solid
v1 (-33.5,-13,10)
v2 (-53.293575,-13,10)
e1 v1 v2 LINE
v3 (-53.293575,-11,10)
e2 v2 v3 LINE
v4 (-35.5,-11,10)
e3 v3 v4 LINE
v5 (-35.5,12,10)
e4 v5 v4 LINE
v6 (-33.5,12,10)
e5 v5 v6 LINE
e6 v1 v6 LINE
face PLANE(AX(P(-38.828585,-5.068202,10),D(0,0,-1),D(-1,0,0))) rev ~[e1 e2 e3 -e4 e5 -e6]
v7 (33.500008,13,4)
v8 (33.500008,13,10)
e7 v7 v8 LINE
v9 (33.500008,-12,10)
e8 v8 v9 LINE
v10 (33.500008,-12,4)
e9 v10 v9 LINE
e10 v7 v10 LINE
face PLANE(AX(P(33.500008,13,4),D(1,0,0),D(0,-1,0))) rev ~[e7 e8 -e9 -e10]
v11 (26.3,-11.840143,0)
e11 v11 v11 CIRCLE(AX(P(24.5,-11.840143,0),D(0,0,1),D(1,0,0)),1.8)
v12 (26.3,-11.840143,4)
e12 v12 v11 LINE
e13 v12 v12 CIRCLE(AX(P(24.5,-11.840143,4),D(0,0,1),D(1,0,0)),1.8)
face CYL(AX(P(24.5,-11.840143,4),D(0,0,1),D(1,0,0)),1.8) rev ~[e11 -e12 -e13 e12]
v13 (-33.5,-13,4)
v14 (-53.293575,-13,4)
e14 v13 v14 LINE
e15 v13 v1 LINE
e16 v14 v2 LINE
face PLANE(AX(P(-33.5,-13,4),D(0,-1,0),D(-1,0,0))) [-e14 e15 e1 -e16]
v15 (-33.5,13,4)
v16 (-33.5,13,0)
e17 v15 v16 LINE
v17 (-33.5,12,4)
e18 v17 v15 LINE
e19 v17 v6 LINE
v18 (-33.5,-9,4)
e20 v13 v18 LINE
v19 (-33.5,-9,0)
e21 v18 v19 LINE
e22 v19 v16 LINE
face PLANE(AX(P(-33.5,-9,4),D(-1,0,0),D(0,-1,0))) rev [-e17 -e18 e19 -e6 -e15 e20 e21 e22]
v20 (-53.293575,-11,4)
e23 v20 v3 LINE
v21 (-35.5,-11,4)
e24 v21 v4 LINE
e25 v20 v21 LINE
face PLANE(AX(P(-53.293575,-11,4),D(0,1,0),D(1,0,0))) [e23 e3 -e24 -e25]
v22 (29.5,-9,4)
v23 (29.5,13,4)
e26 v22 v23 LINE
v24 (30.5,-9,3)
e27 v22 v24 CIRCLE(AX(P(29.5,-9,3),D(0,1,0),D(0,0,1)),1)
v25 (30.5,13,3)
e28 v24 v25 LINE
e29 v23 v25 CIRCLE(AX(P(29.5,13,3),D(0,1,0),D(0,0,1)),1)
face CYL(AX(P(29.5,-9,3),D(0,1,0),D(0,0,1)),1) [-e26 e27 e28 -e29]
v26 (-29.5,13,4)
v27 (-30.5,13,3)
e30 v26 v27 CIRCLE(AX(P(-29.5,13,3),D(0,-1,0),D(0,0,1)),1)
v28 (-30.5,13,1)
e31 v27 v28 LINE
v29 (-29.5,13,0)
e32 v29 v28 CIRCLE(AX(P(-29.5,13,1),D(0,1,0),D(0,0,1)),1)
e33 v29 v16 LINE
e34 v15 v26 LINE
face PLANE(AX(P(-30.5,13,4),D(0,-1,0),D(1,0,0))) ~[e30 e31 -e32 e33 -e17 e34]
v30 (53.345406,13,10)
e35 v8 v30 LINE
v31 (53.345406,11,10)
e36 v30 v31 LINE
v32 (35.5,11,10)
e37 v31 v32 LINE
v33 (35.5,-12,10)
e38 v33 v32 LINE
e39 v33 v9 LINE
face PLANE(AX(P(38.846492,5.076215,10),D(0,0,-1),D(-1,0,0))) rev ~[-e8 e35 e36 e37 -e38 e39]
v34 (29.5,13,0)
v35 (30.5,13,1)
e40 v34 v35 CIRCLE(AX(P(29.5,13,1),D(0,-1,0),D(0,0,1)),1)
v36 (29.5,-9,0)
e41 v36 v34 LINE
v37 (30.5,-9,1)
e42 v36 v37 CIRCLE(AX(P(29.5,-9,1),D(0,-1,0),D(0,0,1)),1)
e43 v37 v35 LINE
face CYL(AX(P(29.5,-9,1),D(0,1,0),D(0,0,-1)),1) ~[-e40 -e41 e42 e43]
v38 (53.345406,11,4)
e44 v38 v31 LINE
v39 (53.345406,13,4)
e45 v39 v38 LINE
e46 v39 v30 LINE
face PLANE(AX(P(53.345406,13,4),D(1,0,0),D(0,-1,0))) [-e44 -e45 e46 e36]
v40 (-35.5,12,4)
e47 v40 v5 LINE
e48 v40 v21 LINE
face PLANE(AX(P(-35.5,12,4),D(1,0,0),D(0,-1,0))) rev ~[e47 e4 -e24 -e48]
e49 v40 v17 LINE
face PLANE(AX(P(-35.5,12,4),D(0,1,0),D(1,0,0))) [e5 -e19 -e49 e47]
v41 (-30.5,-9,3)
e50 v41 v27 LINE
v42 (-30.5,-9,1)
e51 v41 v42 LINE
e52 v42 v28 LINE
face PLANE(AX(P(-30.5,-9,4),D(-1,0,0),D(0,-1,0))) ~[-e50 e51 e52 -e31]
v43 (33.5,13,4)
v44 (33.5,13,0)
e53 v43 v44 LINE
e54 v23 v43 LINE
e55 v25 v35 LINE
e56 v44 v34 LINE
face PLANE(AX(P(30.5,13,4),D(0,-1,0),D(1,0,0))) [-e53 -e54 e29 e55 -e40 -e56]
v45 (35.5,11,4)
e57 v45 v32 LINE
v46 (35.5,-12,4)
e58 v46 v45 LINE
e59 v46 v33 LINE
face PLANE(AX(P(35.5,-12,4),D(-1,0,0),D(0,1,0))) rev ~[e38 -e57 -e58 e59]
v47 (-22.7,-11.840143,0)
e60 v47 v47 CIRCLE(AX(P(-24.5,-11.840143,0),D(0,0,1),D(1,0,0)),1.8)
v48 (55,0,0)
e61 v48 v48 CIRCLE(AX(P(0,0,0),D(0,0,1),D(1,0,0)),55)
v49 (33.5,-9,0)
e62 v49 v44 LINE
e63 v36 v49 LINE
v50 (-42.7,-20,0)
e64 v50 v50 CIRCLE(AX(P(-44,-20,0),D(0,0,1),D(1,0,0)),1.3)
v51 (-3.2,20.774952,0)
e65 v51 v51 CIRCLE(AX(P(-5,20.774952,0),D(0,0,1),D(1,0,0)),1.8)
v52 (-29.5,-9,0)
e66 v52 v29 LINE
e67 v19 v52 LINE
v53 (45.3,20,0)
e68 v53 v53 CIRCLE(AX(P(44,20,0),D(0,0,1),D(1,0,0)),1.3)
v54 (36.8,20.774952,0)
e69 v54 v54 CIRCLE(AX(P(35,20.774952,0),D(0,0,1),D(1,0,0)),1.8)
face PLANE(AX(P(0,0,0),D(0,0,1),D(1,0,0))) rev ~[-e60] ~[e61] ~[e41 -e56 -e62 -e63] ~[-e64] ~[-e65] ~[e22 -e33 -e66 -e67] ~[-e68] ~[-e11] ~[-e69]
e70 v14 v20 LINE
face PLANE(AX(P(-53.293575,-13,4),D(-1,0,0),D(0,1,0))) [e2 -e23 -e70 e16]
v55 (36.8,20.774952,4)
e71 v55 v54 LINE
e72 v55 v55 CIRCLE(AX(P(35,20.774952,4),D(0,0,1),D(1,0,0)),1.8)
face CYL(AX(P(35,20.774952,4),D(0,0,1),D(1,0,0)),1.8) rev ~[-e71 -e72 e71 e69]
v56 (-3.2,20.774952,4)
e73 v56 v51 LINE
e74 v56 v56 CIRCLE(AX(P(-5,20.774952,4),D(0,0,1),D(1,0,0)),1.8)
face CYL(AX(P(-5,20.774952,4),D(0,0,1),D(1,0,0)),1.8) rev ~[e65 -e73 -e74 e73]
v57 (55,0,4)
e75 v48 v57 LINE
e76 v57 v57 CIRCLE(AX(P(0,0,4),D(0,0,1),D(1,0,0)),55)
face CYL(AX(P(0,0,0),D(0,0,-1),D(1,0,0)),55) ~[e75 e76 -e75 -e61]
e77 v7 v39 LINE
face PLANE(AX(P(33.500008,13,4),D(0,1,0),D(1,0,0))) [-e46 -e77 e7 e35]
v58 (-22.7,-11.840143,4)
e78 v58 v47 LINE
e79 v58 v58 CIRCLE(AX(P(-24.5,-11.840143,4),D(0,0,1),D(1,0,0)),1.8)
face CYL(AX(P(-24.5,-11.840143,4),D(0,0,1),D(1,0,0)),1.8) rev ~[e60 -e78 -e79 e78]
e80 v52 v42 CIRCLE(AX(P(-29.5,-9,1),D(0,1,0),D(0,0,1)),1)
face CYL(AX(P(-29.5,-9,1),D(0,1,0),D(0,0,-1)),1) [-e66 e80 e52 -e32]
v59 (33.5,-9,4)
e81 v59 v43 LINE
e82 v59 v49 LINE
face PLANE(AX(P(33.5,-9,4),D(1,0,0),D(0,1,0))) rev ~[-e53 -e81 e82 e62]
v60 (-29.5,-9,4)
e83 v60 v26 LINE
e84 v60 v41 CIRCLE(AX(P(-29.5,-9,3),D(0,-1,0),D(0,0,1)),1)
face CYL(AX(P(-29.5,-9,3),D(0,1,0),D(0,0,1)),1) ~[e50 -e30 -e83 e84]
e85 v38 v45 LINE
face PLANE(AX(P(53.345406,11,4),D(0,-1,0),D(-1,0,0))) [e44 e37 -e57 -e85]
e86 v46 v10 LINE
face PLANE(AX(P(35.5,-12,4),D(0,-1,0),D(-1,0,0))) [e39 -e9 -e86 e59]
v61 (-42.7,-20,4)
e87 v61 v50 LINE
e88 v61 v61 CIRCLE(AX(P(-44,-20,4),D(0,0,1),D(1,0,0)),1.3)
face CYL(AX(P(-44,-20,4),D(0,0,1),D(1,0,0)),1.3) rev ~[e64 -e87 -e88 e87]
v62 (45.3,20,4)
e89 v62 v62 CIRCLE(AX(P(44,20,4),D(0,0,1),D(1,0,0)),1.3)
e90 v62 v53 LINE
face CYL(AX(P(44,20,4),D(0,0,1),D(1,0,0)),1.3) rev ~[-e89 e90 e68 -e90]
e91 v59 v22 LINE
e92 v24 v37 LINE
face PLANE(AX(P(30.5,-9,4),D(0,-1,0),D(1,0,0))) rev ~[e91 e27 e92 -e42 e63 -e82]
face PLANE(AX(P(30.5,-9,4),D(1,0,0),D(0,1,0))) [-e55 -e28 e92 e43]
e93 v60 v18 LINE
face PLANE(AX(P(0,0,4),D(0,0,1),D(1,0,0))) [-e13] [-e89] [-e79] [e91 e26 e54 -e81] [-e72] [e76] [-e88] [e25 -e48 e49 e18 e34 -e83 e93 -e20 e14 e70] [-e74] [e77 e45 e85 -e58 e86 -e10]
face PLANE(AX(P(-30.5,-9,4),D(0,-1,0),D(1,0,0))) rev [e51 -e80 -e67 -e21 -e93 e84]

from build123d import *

# Parameters (mm, degrees)
SKETCH_R        = 55
PAD_DEPTH       = 4
SKETCH002_R     = 1.8
POCKET_DEPTH    = 5
PAD001_DEPTH    = 6
SKETCH003_R     = 1.3
POCKET001_DEPTH = 5
SKETCH004_W     = 3
SKETCH004_H     = 22
POCKET002_DEPTH = 5
FILLET_R        = 1
FILLET001_R     = 1
FILLET002_R     = 1
FILLET003_R     = 1


with BuildPart() as part:
    # Sketch → Pad (new body)
    with BuildSketch(Plane.XY):
        Circle(SKETCH_R)
    extrude(amount=PAD_DEPTH)

    # Sketch002 → Pocket (cut)
    with BuildSketch(Plane.XY.offset(4)):
        with Locations((-24.5, -11.840143)):
            Circle(SKETCH002_R)
        with Locations((24.5, -11.840143)):
            Circle(SKETCH002_R)
        with Locations((-5, 20.774952)):
            Circle(SKETCH002_R)
        with Locations((35, 20.774952)):
            Circle(SKETCH002_R)
    extrude(amount=-POCKET_DEPTH, mode=Mode.SUBTRACT)

    # Sketch001 (on Face3 of Pad) → Pad001 (join)
    with BuildSketch(Plane.XY.offset(4)):
        Polygon((33.500008, 0), (33.500008, 13), (53.345406, 13), (53.345406, 11), (35.5, 11), (35.5, -0.005684), (35.5, -12), (33.500008, -12), align=None)
        Polygon((-33.5, 0), (-33.5, -13), (-53.293575, -13), (-53.293575, -11), (-35.5, -11), (-35.5, 0.001212), (-35.5, 12), (-33.5, 12), align=None)
    extrude(amount=PAD001_DEPTH)

    # Sketch003 (on Face3 of Pad001) → Pocket001 (cut)
    with BuildSketch(Plane.XY.offset(4)):
        with Locations((-44, -20)):
            Circle(SKETCH003_R)
        with Locations((44, 20)):
            Circle(SKETCH003_R)
    extrude(amount=-POCKET001_DEPTH, mode=Mode.SUBTRACT)

    # Sketch004 → Pocket002 (cut)
    with BuildSketch(Plane.XY.offset(4)):
        with Locations((32, 2)):
            Rectangle(SKETCH004_W, SKETCH004_H)
    pocket002 = extrude(amount=-POCKET002_DEPTH, mode=Mode.SUBTRACT)

    # Mirrored: Pocket002 across Sketch004 V_Axis
    add(pocket002.mirror(Plane(origin=(0, 0, 4), x_dir=(0, 0, 1), z_dir=(1, 0, 0))), mode=Mode.SUBTRACT)

    # Fillet
    fillet_edges = [part.edges().sort_by_distance(p)[0] for p in [
        (30.5, 2, 4),
    ]]
    fillet(fillet_edges, radius=FILLET_R)

    # Fillet001
    fillet001_edges = [part.edges().sort_by_distance(p)[0] for p in [
        (-30.5, 2, 4),
    ]]
    fillet(fillet001_edges, radius=FILLET001_R)

    # Fillet002
    fillet002_edges = [part.edges().sort_by_distance(p)[0] for p in [
        (-30.5, 2, 0),
    ]]
    fillet(fillet002_edges, radius=FILLET002_R)

    # Fillet003
    fillet003_edges = [part.edges().sort_by_distance(p)[0] for p in [
        (30.5, 2, 0),
    ]]
    fillet(fillet003_edges, radius=FILLET003_R)


solid = part.part
